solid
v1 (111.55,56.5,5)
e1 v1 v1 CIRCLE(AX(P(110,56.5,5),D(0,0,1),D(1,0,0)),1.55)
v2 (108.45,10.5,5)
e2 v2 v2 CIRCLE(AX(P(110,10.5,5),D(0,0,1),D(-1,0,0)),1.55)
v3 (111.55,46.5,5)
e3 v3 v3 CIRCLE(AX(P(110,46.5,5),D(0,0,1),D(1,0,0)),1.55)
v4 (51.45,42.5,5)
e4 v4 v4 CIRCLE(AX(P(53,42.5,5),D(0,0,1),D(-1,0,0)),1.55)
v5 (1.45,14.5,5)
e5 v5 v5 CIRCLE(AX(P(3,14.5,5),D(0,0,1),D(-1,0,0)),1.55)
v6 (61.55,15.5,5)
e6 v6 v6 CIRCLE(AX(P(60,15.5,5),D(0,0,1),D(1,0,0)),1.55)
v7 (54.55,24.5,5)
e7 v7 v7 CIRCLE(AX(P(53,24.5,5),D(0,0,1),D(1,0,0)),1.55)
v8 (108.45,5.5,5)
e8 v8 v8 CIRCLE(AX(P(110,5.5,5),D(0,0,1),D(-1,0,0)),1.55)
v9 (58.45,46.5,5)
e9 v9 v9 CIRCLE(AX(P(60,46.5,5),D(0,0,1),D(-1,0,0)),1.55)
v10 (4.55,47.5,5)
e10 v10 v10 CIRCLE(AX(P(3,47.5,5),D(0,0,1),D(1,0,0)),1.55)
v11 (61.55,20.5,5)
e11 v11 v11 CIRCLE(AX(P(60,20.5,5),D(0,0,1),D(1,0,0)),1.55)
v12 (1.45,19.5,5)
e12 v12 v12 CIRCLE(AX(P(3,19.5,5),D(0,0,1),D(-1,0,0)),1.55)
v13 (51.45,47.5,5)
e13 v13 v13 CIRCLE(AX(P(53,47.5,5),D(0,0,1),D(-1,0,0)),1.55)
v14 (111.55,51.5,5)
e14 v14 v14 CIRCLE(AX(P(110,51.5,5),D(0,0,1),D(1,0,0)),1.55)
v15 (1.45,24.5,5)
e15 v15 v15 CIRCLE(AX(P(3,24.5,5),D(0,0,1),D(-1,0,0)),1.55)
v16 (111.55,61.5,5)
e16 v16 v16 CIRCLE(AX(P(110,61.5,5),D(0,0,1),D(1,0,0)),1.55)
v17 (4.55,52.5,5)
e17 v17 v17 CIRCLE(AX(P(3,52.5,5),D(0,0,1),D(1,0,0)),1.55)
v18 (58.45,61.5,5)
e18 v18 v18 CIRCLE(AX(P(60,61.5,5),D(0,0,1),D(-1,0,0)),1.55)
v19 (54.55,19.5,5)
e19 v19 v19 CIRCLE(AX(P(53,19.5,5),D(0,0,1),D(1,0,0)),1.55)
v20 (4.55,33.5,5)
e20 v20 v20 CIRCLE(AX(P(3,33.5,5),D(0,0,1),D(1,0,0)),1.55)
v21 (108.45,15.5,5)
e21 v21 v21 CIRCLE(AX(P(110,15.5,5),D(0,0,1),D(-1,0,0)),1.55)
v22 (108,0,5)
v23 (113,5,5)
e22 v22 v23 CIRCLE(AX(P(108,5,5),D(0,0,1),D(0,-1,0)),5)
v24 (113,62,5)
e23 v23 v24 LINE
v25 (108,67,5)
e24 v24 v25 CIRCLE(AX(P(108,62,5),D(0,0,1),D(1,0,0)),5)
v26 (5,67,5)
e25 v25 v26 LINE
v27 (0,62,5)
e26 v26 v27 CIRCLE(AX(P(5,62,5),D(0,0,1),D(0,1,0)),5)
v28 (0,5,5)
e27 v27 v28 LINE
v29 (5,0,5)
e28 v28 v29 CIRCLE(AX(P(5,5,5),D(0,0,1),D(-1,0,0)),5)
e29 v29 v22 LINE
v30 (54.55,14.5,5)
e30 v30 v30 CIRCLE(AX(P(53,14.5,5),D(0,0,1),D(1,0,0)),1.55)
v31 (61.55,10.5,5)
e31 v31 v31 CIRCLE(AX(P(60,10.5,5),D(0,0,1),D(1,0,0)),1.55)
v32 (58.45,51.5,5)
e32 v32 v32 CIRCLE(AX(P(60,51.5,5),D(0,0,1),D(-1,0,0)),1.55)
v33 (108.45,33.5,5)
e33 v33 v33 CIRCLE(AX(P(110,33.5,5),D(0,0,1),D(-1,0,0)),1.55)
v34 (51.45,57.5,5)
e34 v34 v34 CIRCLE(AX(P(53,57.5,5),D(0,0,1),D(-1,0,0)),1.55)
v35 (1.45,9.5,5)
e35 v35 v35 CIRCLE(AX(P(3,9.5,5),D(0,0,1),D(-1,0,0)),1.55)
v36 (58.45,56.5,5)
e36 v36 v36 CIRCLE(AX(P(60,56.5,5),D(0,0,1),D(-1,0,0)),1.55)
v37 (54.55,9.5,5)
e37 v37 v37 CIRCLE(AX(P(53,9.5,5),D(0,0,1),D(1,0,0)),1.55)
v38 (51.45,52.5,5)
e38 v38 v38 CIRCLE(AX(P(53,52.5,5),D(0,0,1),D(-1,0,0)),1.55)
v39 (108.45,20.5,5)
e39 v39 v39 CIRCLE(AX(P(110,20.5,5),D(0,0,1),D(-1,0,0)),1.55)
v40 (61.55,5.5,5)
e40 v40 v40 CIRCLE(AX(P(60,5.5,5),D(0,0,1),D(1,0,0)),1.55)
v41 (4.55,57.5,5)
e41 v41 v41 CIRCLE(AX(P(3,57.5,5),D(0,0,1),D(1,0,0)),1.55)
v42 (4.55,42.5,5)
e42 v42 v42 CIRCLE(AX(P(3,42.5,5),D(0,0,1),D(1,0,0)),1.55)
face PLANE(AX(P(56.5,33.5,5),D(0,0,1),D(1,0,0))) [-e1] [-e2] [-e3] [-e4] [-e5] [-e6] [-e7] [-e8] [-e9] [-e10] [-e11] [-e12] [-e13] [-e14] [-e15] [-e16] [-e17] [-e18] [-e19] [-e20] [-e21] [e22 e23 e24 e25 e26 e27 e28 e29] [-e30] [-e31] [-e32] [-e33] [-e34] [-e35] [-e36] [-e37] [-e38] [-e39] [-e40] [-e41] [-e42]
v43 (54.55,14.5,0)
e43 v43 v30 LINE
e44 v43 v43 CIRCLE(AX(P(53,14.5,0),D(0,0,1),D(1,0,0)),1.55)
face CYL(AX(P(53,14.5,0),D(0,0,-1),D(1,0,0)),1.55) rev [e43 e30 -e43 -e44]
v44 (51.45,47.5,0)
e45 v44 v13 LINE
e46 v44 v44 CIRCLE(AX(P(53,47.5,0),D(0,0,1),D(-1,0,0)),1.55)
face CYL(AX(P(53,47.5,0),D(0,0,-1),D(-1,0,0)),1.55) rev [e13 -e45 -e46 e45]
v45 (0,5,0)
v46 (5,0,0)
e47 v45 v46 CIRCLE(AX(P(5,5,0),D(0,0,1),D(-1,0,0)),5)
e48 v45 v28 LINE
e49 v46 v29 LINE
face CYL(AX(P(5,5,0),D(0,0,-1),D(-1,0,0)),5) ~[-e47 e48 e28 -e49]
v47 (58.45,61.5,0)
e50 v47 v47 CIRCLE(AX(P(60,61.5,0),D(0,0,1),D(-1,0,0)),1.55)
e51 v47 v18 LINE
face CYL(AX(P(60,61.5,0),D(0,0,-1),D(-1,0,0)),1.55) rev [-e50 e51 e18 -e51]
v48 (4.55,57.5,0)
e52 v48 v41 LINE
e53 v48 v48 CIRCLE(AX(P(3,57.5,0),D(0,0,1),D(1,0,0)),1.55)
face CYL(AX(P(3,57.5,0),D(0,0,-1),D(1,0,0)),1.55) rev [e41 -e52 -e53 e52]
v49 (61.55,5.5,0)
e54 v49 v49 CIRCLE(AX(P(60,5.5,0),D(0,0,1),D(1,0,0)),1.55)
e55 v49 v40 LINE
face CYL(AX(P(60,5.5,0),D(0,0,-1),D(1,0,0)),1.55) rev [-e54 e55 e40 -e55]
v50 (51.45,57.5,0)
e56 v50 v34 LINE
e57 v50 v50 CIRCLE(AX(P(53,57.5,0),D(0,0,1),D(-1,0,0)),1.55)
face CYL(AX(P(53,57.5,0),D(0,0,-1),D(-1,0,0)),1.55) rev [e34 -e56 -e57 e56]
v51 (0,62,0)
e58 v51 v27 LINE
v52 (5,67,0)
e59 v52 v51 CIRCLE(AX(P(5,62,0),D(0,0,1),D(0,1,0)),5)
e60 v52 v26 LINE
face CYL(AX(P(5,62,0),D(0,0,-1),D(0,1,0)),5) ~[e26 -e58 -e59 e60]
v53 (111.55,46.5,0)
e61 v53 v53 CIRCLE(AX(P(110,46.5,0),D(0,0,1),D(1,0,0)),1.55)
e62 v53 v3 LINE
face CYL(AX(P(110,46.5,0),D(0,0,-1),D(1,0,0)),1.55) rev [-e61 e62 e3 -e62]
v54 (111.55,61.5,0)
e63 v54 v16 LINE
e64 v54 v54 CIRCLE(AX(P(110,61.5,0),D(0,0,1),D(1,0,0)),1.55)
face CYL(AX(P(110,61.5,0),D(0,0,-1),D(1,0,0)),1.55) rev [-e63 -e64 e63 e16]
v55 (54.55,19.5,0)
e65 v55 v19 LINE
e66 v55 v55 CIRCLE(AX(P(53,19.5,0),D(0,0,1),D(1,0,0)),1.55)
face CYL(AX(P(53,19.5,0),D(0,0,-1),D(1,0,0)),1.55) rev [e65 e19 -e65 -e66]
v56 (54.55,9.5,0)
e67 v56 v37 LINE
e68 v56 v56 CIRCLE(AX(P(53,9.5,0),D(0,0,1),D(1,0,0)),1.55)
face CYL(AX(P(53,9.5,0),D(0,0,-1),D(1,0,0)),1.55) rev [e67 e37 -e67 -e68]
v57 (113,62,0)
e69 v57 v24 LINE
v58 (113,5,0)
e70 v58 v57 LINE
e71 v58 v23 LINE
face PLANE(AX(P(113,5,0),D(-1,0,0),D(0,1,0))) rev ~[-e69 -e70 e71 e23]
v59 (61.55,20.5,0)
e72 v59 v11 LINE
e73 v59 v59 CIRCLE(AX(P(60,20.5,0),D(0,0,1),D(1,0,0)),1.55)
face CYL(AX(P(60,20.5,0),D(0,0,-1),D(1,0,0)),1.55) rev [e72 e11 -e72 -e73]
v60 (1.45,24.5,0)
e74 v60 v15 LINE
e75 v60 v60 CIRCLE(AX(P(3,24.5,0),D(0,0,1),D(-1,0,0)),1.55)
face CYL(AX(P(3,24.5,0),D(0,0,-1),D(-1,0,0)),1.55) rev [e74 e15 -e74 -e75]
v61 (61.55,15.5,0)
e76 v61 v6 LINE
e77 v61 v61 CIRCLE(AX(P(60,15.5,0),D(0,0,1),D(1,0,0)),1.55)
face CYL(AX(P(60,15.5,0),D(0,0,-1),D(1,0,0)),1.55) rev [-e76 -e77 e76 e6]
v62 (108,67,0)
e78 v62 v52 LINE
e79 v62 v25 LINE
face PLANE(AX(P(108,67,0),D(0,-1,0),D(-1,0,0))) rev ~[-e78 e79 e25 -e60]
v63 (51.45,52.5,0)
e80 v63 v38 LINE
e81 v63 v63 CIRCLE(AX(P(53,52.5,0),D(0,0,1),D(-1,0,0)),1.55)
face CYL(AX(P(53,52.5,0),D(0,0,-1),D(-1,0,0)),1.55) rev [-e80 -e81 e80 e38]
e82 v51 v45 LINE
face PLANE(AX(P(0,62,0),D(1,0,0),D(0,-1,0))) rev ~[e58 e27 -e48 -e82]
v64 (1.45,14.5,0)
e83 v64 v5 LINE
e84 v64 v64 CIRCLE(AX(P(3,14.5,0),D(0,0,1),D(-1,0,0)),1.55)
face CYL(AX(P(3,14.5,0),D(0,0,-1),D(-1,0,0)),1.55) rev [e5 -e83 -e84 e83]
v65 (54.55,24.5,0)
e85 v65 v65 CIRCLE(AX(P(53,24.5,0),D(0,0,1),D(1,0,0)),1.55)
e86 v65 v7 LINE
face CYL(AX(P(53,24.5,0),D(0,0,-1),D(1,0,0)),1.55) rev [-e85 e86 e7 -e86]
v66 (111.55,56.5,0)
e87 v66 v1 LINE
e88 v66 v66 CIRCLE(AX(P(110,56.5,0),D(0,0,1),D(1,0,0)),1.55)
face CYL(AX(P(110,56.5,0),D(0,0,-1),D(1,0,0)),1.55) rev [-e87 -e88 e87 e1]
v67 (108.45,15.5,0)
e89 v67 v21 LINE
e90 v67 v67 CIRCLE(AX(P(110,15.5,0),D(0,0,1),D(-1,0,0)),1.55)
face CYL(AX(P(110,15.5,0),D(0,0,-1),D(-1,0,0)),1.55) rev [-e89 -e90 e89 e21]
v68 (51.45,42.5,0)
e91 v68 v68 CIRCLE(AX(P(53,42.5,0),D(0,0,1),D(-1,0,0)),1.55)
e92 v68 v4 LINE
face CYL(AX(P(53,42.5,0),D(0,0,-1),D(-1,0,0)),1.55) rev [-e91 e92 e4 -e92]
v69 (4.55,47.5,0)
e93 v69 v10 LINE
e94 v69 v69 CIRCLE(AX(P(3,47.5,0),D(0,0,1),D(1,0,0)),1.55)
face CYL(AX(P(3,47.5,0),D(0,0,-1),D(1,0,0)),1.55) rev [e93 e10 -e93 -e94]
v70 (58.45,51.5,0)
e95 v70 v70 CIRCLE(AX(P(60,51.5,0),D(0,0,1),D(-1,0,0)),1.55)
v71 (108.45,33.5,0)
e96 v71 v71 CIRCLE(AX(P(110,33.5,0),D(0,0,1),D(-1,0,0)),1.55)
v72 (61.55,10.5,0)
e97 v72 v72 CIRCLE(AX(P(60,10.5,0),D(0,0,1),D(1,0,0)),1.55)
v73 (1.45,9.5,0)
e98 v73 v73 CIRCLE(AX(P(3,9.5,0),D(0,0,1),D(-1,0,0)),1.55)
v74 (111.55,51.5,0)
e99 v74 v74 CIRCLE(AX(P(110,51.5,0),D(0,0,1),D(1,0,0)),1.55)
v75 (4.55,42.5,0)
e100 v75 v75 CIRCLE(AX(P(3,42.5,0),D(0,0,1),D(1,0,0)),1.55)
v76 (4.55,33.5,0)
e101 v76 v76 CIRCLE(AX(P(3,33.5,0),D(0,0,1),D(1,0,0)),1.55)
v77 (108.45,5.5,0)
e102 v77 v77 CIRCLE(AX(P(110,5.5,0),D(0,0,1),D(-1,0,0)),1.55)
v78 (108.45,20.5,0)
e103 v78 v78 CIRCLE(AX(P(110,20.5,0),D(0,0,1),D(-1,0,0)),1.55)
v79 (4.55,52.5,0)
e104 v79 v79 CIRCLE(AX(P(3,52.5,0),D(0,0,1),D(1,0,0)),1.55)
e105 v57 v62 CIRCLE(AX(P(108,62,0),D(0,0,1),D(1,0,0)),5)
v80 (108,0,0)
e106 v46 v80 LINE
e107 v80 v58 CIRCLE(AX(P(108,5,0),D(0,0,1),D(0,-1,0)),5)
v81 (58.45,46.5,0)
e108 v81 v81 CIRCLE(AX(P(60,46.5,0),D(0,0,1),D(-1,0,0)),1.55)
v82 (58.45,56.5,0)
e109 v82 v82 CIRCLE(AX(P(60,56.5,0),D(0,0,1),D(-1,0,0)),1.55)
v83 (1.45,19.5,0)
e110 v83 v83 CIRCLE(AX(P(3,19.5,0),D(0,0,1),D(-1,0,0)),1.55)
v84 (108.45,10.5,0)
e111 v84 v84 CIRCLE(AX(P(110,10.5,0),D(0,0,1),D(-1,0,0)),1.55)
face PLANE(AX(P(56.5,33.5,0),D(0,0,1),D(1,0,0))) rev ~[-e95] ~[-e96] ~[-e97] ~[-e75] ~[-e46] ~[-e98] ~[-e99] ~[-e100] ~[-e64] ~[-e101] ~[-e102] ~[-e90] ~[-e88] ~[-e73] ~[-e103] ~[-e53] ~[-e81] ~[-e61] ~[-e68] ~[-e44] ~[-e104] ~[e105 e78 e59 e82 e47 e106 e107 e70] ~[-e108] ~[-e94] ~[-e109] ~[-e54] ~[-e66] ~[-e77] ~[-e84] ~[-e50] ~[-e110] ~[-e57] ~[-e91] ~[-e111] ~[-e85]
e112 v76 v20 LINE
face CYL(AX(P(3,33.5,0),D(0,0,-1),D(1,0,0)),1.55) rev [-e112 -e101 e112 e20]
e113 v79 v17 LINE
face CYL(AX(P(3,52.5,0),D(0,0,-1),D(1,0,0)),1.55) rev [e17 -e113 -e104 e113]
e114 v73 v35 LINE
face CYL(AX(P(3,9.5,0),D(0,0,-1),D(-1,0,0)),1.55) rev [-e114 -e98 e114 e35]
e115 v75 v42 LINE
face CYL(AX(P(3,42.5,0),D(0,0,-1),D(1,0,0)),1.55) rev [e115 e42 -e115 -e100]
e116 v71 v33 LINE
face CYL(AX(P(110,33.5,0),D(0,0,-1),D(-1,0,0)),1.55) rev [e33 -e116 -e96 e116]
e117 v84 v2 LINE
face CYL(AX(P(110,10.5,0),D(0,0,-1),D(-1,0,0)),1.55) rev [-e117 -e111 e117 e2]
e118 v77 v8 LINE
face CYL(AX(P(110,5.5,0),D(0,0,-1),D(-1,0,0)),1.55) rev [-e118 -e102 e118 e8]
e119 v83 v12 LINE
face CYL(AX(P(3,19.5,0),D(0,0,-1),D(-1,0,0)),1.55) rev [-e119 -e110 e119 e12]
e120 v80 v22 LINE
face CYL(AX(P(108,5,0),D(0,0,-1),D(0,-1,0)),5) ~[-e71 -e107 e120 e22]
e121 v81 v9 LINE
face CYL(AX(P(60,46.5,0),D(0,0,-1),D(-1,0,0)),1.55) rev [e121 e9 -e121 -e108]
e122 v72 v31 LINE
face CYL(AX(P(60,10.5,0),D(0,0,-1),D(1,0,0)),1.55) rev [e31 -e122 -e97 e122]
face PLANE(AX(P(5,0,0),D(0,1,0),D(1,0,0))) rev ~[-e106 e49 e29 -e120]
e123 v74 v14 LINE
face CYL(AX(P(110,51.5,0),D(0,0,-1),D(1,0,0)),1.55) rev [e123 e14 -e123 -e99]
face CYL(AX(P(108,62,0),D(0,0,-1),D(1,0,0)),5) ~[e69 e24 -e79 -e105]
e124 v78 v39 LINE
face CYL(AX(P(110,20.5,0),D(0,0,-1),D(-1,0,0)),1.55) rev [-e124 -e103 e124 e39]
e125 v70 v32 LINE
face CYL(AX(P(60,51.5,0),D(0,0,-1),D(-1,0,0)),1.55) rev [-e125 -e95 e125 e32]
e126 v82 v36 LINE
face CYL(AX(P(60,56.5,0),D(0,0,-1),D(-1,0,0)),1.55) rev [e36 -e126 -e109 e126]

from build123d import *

# Parameters (mm, degrees)
SKETCH_1_R      = 1.55
EXTRUDE_2_DEPTH = 5


with BuildPart() as part:
    # 草图1 → 凸台-拉伸2 (new body)
    with BuildSketch(Plane.XY):
        with BuildLine():
            Line((5, 0), (108, 0))
            ThreePointArc((108, 0), (111.535533906, 1.464466094), (113, 5))
            Line((113, 5), (113, 62))
            ThreePointArc((113, 62), (111.535533906, 65.535533906), (108, 67))
            Line((108, 67), (5, 67))
            ThreePointArc((5, 67), (1.464466094, 65.535533906), (0, 62))
            Line((0, 62), (0, 5))
            ThreePointArc((0, 5), (1.464466094, 1.464466094), (5, 0))
        make_face()
        with Locations((3, 33.5)):
            Circle(SKETCH_1_R, mode=Mode.SUBTRACT)
        with Locations(Location((110, 33.5, 0), (0, 0, 180))):
            Circle(SKETCH_1_R, mode=Mode.SUBTRACT)
        with Locations((3, 42.5)):
            Circle(SKETCH_1_R, mode=Mode.SUBTRACT)
        with Locations((3, 47.5)):
            Circle(SKETCH_1_R, mode=Mode.SUBTRACT)
        with Locations((3, 52.5)):
            Circle(SKETCH_1_R, mode=Mode.SUBTRACT)
        with Locations((3, 57.5)):
            Circle(SKETCH_1_R, mode=Mode.SUBTRACT)
        with Locations(Location((3, 24.5, 0), (0, 0, 180))):
            Circle(SKETCH_1_R, mode=Mode.SUBTRACT)
        with Locations(Location((3, 19.5, 0), (0, 0, 180))):
            Circle(SKETCH_1_R, mode=Mode.SUBTRACT)
        with Locations(Location((3, 14.5, 0), (0, 0, 180))):
            Circle(SKETCH_1_R, mode=Mode.SUBTRACT)
        with Locations(Location((3, 9.5, 0), (0, 0, 180))):
            Circle(SKETCH_1_R, mode=Mode.SUBTRACT)
        with Locations((53, 9.5)):
            Circle(SKETCH_1_R, mode=Mode.SUBTRACT)
        with Locations((53, 14.5)):
            Circle(SKETCH_1_R, mode=Mode.SUBTRACT)
        with Locations((53, 19.5)):
            Circle(SKETCH_1_R, mode=Mode.SUBTRACT)
        with Locations((53, 24.5)):
            Circle(SKETCH_1_R, mode=Mode.SUBTRACT)
        with Locations(Location((53, 42.5, 0), (0, 0, 180))):
            Circle(SKETCH_1_R, mode=Mode.SUBTRACT)
        with Locations(Location((53, 47.5, 0), (0, 0, 180))):
            Circle(SKETCH_1_R, mode=Mode.SUBTRACT)
        with Locations(Location((53, 52.5, 0), (0, 0, 180))):
            Circle(SKETCH_1_R, mode=Mode.SUBTRACT)
        with Locations(Location((53, 57.5, 0), (0, 0, 180))):
            Circle(SKETCH_1_R, mode=Mode.SUBTRACT)
        with Locations((110, 46.5)):
            Circle(SKETCH_1_R, mode=Mode.SUBTRACT)
        with Locations((110, 51.5)):
            Circle(SKETCH_1_R, mode=Mode.SUBTRACT)
        with Locations((110, 56.5)):
            Circle(SKETCH_1_R, mode=Mode.SUBTRACT)
        with Locations((110, 61.5)):
            Circle(SKETCH_1_R, mode=Mode.SUBTRACT)
        with Locations(Location((110, 20.5, 0), (0, 0, 180))):
            Circle(SKETCH_1_R, mode=Mode.SUBTRACT)
        with Locations(Location((110, 15.5, 0), (0, 0, 180))):
            Circle(SKETCH_1_R, mode=Mode.SUBTRACT)
        with Locations(Location((110, 10.5, 0), (0, 0, 180))):
            Circle(SKETCH_1_R, mode=Mode.SUBTRACT)
        with Locations(Location((110, 5.5, 0), (0, 0, 180))):
            Circle(SKETCH_1_R, mode=Mode.SUBTRACT)
        with Locations(Location((60, 61.5, 0), (0, 0, 180))):
            Circle(SKETCH_1_R, mode=Mode.SUBTRACT)
        with Locations(Location((60, 56.5, 0), (0, 0, 180))):
            Circle(SKETCH_1_R, mode=Mode.SUBTRACT)
        with Locations(Location((60, 46.5, 0), (0, 0, 180))):
            Circle(SKETCH_1_R, mode=Mode.SUBTRACT)
        with Locations(Location((60, 51.5, 0), (0, 0, 180))):
            Circle(SKETCH_1_R, mode=Mode.SUBTRACT)
        with Locations((60, 20.5)):
            Circle(SKETCH_1_R, mode=Mode.SUBTRACT)
        with Locations((60, 15.5)):
            Circle(SKETCH_1_R, mode=Mode.SUBTRACT)
        with Locations((60, 10.5)):
            Circle(SKETCH_1_R, mode=Mode.SUBTRACT)
        with Locations((60, 5.5)):
            Circle(SKETCH_1_R, mode=Mode.SUBTRACT)
    extrude(amount=EXTRUDE_2_DEPTH)


solid = part.part
